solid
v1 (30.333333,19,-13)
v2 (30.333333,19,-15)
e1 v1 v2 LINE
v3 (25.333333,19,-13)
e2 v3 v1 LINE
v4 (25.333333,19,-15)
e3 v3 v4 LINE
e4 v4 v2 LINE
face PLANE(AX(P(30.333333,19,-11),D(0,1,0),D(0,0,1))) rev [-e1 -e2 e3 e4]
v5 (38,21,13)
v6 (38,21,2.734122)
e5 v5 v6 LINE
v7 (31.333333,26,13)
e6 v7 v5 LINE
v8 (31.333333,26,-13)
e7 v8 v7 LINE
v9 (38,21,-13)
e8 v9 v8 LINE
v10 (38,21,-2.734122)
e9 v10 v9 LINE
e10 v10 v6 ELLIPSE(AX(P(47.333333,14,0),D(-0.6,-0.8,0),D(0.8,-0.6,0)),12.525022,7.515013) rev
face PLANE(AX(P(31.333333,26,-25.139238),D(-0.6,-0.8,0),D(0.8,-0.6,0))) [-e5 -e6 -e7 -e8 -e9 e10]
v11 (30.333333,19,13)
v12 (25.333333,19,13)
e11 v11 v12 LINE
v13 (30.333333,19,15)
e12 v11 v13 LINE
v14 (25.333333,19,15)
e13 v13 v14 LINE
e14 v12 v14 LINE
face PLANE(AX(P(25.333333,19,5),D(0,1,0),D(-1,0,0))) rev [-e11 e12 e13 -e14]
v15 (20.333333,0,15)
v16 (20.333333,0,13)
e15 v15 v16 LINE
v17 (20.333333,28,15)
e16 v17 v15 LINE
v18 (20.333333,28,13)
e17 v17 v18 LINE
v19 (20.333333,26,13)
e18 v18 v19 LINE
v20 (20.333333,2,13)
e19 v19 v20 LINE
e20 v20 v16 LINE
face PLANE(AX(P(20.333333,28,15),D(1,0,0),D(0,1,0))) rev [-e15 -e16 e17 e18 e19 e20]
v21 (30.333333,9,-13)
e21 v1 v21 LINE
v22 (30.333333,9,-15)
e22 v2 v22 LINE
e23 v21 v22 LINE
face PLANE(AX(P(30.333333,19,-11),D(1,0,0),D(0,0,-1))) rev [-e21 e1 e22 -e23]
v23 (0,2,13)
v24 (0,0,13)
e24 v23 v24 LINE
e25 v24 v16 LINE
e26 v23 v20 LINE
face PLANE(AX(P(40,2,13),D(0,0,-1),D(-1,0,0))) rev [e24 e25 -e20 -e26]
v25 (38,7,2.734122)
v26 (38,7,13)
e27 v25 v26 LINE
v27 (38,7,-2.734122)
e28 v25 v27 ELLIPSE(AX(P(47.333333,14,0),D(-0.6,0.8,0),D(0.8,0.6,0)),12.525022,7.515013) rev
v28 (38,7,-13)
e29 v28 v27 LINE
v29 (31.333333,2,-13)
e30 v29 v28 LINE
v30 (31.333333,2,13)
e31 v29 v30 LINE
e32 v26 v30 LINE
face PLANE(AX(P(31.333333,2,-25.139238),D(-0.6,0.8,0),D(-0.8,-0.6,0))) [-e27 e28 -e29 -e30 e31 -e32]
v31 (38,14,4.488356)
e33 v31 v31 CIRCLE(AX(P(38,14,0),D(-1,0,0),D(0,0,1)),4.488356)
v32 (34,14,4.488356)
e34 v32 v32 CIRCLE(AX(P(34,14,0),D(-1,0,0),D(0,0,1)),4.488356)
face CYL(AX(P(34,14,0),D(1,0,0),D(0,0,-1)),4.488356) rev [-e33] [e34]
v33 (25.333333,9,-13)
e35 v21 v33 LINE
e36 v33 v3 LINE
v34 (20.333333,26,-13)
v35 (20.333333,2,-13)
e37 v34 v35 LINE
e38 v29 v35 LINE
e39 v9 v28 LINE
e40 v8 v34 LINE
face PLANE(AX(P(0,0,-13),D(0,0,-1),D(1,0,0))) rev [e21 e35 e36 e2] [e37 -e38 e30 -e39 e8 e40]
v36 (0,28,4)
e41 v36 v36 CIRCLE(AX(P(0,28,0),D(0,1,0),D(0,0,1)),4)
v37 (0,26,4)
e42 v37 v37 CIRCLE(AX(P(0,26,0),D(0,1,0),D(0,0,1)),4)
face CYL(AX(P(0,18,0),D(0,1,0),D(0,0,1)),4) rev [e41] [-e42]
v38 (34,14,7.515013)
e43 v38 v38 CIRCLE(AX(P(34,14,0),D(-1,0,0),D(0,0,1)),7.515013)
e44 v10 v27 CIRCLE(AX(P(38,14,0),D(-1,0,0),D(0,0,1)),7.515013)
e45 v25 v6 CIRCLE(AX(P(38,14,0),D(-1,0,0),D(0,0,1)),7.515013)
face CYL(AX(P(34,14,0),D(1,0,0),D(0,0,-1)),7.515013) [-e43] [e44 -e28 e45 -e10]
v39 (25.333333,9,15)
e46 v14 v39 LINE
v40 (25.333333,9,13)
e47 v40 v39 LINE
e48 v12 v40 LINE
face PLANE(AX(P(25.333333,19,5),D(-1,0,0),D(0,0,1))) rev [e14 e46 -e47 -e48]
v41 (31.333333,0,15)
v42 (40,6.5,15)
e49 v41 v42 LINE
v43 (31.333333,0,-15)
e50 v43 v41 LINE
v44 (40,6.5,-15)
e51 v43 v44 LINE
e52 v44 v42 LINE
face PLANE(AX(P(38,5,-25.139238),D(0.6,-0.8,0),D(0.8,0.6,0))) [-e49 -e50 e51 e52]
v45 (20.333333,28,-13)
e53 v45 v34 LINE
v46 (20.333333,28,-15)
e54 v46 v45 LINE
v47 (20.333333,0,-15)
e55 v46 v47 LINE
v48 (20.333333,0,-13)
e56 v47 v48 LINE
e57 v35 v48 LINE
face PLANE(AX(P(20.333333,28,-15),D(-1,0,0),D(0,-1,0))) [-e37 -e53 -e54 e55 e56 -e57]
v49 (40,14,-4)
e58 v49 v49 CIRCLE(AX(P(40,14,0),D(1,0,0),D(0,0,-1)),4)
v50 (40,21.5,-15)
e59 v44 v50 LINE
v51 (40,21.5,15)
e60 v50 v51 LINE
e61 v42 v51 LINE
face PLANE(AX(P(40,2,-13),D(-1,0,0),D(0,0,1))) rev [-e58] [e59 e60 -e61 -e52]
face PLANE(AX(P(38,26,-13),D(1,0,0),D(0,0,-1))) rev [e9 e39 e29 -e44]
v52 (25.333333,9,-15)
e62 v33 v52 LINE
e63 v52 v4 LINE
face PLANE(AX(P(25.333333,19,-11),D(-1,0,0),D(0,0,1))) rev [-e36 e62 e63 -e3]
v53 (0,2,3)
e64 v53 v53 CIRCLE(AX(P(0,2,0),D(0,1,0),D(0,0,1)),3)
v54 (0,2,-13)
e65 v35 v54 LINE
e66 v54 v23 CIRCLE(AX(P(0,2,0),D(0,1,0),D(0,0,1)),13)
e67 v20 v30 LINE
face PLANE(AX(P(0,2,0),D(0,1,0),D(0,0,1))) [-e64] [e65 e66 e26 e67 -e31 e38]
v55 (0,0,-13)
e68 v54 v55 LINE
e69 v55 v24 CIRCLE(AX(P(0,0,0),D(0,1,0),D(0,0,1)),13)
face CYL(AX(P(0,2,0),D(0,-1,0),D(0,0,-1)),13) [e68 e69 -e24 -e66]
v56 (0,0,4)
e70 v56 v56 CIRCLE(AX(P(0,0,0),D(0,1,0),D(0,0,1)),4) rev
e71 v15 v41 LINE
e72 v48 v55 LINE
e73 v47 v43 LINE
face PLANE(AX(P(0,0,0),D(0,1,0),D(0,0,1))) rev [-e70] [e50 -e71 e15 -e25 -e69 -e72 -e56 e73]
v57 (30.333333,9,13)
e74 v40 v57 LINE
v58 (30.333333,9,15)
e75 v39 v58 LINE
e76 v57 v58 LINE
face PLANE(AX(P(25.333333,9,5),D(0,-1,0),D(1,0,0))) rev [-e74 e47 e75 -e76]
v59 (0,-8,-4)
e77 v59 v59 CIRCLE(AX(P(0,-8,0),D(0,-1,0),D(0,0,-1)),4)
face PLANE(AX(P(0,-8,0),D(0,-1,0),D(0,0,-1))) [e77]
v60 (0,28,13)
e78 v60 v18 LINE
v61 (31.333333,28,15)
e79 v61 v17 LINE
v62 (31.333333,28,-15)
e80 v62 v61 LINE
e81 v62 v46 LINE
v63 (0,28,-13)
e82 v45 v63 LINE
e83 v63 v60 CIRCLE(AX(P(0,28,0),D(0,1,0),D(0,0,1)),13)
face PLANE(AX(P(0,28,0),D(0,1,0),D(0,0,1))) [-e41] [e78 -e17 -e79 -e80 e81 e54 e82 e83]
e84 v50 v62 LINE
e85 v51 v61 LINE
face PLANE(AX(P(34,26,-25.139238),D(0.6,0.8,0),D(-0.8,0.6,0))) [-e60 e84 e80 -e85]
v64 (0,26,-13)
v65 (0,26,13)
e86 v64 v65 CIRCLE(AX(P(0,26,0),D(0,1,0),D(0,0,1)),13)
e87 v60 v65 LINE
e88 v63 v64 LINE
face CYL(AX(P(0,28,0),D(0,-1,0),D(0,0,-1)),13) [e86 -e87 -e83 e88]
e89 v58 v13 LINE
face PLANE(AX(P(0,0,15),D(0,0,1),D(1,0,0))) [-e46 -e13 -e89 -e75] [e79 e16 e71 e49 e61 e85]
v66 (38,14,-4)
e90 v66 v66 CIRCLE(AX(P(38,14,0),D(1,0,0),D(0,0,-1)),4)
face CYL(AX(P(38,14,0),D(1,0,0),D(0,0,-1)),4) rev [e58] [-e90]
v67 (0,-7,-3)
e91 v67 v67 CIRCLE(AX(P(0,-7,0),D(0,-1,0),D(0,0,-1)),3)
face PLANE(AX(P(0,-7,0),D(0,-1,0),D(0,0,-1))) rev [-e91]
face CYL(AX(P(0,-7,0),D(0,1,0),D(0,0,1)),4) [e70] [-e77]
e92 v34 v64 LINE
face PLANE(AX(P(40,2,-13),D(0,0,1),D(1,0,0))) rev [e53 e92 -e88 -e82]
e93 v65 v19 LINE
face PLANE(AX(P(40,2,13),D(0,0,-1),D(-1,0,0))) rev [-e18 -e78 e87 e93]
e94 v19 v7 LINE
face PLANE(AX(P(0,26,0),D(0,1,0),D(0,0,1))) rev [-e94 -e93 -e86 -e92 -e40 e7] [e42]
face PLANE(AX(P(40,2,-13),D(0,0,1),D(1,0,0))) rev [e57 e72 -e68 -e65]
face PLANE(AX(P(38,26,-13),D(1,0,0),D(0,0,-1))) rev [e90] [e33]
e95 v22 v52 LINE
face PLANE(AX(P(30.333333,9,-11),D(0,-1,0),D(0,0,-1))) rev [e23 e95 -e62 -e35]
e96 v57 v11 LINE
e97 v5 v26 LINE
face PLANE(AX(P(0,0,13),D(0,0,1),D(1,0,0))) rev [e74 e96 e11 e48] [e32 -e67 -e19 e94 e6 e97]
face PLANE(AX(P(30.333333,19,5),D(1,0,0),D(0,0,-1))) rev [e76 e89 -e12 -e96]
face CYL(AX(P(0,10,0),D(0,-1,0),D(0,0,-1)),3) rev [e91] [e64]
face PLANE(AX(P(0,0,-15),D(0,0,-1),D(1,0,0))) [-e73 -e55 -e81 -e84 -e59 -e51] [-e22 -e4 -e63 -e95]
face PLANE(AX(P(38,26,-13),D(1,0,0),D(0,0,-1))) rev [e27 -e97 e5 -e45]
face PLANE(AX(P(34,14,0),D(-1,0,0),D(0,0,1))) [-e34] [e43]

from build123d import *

# Parameters (mm, degrees)
BOSS_EXTRUDE1_DEPTH = 2
SKETCH2_W           = 2
SKETCH2_H           = 26
BOSS_EXTRUDE2_DEPTH = 24
BOSS_EXTRUDE3_DEPTH = 2
SKETCH4_R           = 4
CUT_EXTRUDE1_DEPTH  = 2
BOSS_EXTRUDE4_DEPTH = 26
CUT_EXTRUDE2_DEPTH  = 26
BOSS_EXTRUDE5_DEPTH = 2
SKETCH8_R           = 7.515013345
SKETCH8_R_2         = 4.48835621
BOSS_EXTRUDE6_DEPTH = 4
SKETCH9_R           = 3
CUT_EXTRUDE3_DEPTH  = 10
SKETCH10_R          = 4
CUT_EXTRUDE4_DEPTH  = 10
SKETCH11_R          = 4
SKETCH11_R_2        = 3
BOSS_EXTRUDE7_DEPTH = 7
SKETCH12_R          = 4
BOSS_EXTRUDE8_DEPTH = 1
SKETCH13_W          = 5
SKETCH13_H          = 10
CUT_EXTRUDE5_DEPTH  = 10
SKETCH14_W          = 5
SKETCH14_H          = 10
CUT_EXTRUDE6_DEPTH  = 4


with BuildPart() as part:
    # Sketch1 → Boss-Extrude1 (new body)
    with BuildSketch(Plane(origin=(0, 0, 0), x_dir=(1, 0, 0), z_dir=(0, 1, 0))):
        with BuildLine():
            Line((40, 13), (0, 13))
            ThreePointArc((0, 13), (-13, 0), (0, -13))
            Line((0, -13), (40, -13))
            Line((40, -13), (40, 13))
        make_face()
    extrude(amount=BOSS_EXTRUDE1_DEPTH)

    # Sketch2 → Boss-Extrude2 (add)
    with BuildSketch(Plane(origin=(0, 2, 0), x_dir=(1, 0, 0), z_dir=(0, 1, 0))):
        with Locations((39, 0)):
            Rectangle(SKETCH2_W, SKETCH2_H)
    extrude(amount=BOSS_EXTRUDE2_DEPTH)

    # Sketch3 → Boss-Extrude3 (add)
    with BuildSketch(Plane(origin=(0, 26, 0), x_dir=(1, 0, 0), z_dir=(0, 1, 0))):
        with BuildLine():
            Line((40, -13), (0, -13))
            ThreePointArc((0, -13), (-13, 0), (0, 13))
            Line((0, 13), (40, 13))
            Line((40, 13), (40, -13))
        make_face()
    extrude(amount=BOSS_EXTRUDE3_DEPTH)

    # Sketch4 → Cut-Extrude1 (cut)
    with BuildSketch(Plane(origin=(40, 0, 0), x_dir=(0, 0, -1), z_dir=(1, 0, 0))):
        with Locations((0, 14)):
            Circle(SKETCH4_R)
    extrude(amount=-CUT_EXTRUDE1_DEPTH, mode=Mode.SUBTRACT)

    # Sketch5 → Boss-Extrude4 (add)
    with BuildSketch(Plane.XY.offset(13)):
        Polygon((38, 5), (34, 2), (31.333333333, 0), (31.333333333, 2), (40, 8.5), (40, 6.5), align=None)
        Polygon((40, 21.5), (38, 23), (34, 26), (31.333333333, 28), (31.333333333, 26), (40, 19.5), align=None)
    extrude(amount=-BOSS_EXTRUDE4_DEPTH)

    # Sketch6 → Cut-Extrude2 (cut)
    with BuildSketch(Plane.XY.offset(13)):
        Polygon((38, 5), (31.333333333, 0), (40, 0), (40, 6.5), align=None)
        Polygon((40, 28), (40, 21.5), (38, 23), (31.333333333, 28), align=None)
    extrude(amount=-CUT_EXTRUDE2_DEPTH, mode=Mode.SUBTRACT)

    # Sketch7 → Boss-Extrude5 (add)
    with BuildSketch(Plane.XY.offset(13)):
        Polygon((40, 21.5), (31.333333333, 28), (20.333333333, 28), (20.333333333, 0), (31.333333333, 0), (40, 6.5), align=None)
    boss_extrude5 = extrude(amount=BOSS_EXTRUDE5_DEPTH)

    # Mirror1: Boss-Extrude5 across plane
    add(boss_extrude5.mirror(Plane.XY))

    # Sketch8 → Boss-Extrude6 (add)
    with BuildSketch(Plane.ZY.offset(-38)):
        with Locations(Location((0, 14, 0), (0, 0, 111.335065793))):
            Circle(SKETCH8_R)
        with Locations((0, 14)):
            Circle(SKETCH8_R_2, mode=Mode.SUBTRACT)
    extrude(amount=BOSS_EXTRUDE6_DEPTH)

    # Sketch9 → Cut-Extrude3 (cut)
    with BuildSketch(Plane.XZ):
        with Locations(Location((0, 0, 0), (0, 0, 270))):
            Circle(SKETCH9_R)
    extrude(amount=-CUT_EXTRUDE3_DEPTH, mode=Mode.SUBTRACT)

    # Sketch10 → Cut-Extrude4 (cut)
    with BuildSketch(Plane(origin=(0, 28, 0), x_dir=(1, 0, 0), z_dir=(0, 1, 0))):
        with Locations(Location((0, 0, 0), (0, 0, 270))):
            Circle(SKETCH10_R)
    extrude(amount=-CUT_EXTRUDE4_DEPTH, mode=Mode.SUBTRACT)

    # Sketch11 → Boss-Extrude7 (add)
    with BuildSketch(Plane.XZ):
        with Locations(Location((0, 0, 0), (0, 0, 90))):
            Circle(SKETCH11_R)
        with Locations(Location((0, 0, 0), (0, 0, 270))):
            Circle(SKETCH11_R_2, mode=Mode.SUBTRACT)
    extrude(amount=BOSS_EXTRUDE7_DEPTH)

    # Sketch12 → Boss-Extrude8 (add)
    with BuildSketch(Plane.XZ.offset(7)):
        with Locations(Location((0, 0, 0), (0, 0, 90))):
            Circle(SKETCH12_R)
    extrude(amount=BOSS_EXTRUDE8_DEPTH)

    # Sketch13 → Cut-Extrude5 (cut)
    with BuildSketch(Plane.XY.offset(15)):
        with Locations((27.833333333, 14)):
            Rectangle(SKETCH13_W, SKETCH13_H)
    extrude(amount=-CUT_EXTRUDE5_DEPTH, mode=Mode.SUBTRACT)

    # Sketch14 → Cut-Extrude6 (cut)
    with BuildSketch(Plane(origin=(0, 0, -15), x_dir=(-1, 0, 0), z_dir=(0, 0, -1))):
        with Locations((-27.833333333, 14)):
            Rectangle(SKETCH14_W, SKETCH14_H)
    extrude(amount=-CUT_EXTRUDE6_DEPTH, mode=Mode.SUBTRACT)


solid = part.part
